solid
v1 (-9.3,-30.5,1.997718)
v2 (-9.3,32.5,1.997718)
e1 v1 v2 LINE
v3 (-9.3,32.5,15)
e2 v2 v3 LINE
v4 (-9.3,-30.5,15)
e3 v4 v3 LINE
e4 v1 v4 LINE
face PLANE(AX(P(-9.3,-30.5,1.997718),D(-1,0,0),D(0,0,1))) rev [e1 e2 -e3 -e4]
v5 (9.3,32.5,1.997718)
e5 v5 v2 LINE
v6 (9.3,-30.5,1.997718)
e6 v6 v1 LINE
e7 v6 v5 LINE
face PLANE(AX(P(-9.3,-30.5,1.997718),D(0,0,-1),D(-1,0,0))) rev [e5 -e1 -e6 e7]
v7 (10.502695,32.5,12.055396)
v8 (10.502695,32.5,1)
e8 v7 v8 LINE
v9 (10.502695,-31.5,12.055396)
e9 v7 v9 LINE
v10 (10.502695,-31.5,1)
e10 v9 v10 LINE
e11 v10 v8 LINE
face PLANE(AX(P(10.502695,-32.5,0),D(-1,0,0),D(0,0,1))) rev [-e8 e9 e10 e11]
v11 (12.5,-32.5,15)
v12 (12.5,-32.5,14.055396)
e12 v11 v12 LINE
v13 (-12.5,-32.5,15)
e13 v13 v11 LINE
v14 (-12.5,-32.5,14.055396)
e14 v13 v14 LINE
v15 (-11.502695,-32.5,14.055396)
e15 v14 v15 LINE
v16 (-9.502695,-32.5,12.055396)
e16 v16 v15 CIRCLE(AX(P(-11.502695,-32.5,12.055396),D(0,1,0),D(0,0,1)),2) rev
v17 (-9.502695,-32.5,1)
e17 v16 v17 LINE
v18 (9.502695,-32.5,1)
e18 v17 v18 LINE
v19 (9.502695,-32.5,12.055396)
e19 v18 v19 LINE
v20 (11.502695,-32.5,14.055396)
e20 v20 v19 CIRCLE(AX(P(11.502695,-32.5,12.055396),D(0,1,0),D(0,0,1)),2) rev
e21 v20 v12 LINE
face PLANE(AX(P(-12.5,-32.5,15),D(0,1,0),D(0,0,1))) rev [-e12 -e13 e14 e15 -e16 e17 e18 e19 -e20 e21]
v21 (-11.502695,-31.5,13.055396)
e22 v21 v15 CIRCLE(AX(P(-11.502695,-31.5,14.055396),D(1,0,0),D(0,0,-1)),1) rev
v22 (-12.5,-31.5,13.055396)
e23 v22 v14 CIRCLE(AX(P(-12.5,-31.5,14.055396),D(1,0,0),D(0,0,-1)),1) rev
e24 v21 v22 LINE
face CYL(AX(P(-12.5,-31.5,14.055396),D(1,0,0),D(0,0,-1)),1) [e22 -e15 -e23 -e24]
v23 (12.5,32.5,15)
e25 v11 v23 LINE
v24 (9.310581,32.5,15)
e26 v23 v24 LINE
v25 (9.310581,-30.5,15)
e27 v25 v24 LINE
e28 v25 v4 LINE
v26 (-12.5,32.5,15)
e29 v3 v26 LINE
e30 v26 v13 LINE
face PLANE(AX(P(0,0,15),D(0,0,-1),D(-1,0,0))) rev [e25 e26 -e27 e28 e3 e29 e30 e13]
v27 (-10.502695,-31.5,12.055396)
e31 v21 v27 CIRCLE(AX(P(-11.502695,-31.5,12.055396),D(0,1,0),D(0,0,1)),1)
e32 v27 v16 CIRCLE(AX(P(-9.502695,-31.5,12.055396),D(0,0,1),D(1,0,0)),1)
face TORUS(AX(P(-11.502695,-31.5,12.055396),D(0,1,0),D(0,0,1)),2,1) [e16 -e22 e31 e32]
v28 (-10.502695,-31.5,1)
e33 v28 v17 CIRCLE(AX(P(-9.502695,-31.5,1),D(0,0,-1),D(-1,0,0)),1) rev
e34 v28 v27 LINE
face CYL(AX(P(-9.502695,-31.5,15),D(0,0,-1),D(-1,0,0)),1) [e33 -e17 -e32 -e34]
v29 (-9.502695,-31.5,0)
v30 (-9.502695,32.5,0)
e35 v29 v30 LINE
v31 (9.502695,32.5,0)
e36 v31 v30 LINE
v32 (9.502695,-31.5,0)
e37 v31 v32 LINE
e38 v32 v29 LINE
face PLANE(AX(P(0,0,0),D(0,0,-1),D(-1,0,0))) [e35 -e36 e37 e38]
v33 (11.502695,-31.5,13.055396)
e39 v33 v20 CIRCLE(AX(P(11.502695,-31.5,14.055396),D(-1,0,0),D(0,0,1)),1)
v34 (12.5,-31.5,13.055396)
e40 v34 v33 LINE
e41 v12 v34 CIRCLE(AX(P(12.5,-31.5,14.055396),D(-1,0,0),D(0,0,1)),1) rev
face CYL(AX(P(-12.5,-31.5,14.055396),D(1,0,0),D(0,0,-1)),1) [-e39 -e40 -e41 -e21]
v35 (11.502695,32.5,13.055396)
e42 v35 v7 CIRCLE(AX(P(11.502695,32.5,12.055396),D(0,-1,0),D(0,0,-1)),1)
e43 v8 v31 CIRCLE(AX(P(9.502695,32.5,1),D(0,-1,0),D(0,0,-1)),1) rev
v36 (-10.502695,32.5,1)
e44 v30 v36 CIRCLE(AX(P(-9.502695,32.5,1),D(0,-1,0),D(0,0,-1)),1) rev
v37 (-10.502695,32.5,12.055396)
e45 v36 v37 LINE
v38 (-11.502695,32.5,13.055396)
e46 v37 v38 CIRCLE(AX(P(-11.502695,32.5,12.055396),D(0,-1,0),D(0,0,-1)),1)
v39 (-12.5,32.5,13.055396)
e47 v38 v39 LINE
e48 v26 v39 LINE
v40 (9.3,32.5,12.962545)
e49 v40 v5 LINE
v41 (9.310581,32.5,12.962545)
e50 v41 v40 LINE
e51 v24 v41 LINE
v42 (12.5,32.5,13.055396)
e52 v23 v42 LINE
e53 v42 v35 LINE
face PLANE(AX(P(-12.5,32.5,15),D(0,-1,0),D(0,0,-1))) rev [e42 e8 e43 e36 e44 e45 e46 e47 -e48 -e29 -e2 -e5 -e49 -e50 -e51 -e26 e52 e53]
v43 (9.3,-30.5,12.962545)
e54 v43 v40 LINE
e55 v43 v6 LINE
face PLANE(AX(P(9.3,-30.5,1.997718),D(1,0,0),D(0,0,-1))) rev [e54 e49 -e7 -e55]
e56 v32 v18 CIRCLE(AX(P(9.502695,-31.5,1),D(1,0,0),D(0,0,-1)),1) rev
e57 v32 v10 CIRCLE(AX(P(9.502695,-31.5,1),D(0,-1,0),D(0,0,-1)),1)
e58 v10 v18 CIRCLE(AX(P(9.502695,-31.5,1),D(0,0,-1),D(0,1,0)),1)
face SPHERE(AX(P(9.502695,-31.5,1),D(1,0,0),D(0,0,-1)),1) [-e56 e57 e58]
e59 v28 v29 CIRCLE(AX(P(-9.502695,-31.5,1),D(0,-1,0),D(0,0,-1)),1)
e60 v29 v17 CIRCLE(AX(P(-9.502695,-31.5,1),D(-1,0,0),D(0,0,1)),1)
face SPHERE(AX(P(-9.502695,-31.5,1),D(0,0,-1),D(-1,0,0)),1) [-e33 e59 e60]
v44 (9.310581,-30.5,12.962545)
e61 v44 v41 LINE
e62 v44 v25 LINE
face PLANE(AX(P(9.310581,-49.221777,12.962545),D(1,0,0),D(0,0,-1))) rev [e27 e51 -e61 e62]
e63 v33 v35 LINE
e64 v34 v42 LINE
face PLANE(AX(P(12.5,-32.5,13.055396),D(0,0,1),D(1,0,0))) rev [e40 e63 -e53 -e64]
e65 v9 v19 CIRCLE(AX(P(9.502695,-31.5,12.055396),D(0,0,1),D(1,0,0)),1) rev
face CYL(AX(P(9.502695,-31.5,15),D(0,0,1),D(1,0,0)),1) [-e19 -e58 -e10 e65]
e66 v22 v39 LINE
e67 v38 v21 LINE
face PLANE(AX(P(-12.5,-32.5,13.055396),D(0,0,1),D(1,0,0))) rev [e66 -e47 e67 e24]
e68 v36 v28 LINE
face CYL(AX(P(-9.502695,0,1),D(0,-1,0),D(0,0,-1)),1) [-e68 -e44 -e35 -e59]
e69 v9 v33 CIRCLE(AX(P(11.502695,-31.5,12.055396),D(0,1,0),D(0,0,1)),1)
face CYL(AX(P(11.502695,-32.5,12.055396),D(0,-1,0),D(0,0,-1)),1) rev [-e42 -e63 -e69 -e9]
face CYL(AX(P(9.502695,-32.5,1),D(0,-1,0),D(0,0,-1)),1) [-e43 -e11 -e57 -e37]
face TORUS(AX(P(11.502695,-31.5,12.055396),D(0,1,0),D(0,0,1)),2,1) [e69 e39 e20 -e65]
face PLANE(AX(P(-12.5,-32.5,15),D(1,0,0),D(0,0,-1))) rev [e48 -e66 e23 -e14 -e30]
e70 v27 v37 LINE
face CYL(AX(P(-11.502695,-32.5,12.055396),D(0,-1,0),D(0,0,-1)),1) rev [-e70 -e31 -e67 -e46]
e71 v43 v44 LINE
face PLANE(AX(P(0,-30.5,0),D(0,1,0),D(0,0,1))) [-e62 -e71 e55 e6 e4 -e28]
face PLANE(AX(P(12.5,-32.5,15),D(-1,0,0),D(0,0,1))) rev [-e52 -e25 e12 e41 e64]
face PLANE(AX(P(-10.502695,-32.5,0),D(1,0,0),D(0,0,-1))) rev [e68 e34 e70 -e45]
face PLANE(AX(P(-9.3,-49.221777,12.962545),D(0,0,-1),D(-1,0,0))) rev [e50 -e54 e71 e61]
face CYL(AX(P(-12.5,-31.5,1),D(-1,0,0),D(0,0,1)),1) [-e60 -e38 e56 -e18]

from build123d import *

# Parameters (mm, degrees)
ESQUISSE1_W                  = 25
ESQUISSE1_H                  = 65
BOSS_EXTRU_1_DEPTH           = 15
ENL_V_MAT_EXTRU_1_DEPTH      = 68.869359802
ENL_V_MAT_EXTRU_1_DEPTH_BACK = 68.869359802
ESQUISSE2_W                  = 1.99730465
ESQUISSE2_H                  = 13.055396478
ESQUISSE3_W                  = 18.6
ESQUISSE3_H                  = 10.964826829
ENL_V_MAT_EXTRU_2_DEPTH      = 63
ESQUISSE4_W                  = 18.610580781
ESQUISSE4_H                  = 2.037454763
ENL_V_MAT_EXTRU_3_DEPTH      = 63
CONG_1_R                     = 1


with BuildPart() as part:
    # Esquisse1 → Boss.-Extru.1 (new body)
    with BuildSketch(Plane.XY):
        Rectangle(ESQUISSE1_W, ESQUISSE1_H)
    extrude(amount=BOSS_EXTRU_1_DEPTH)

    # Esquisse2 → Enlèv. mat.-Extru.1 (cut, two sides: drawn at the far end of the back side and taken through both)
    with BuildSketch(Plane(origin=(0, 32.5, 0), x_dir=(1, 0, 0), z_dir=(0, 1, 0)).offset(-ENL_V_MAT_EXTRU_1_DEPTH_BACK)):
        with Locations((11.501347675, -6.527698239)):
            Rectangle(ESQUISSE2_W, ESQUISSE2_H)
        with Locations((-11.501347675, -6.527698239)):
            Rectangle(ESQUISSE2_W, ESQUISSE2_H)
    extrude(amount=ENL_V_MAT_EXTRU_1_DEPTH + ENL_V_MAT_EXTRU_1_DEPTH_BACK, mode=Mode.SUBTRACT)

    # Esquisse3 → Enlèv. mat.-Extru.2 (cut)
    with BuildSketch(Plane(origin=(0, 32.5, 0), x_dir=(1, 0, 0), z_dir=(0, 1, 0))):
        with Locations((0, -7.480131823)):
            Rectangle(ESQUISSE3_W, ESQUISSE3_H)
    extrude(amount=-ENL_V_MAT_EXTRU_2_DEPTH, mode=Mode.SUBTRACT)

    # Esquisse4 → Enlèv. mat.-Extru.3 (cut)
    with BuildSketch(Plane(origin=(0, 32.5, 0), x_dir=(1, 0, 0), z_dir=(0, 1, 0))):
        with Locations((0.00529039, -13.981272619)):
            Rectangle(ESQUISSE4_W, ESQUISSE4_H)
    extrude(amount=-ENL_V_MAT_EXTRU_3_DEPTH, mode=Mode.SUBTRACT)

    # Congé1
    cong_1_edges = [part.edges().sort_by_distance(p)[0] for p in [
        (0, -32.5, 0),
        (-10.50269535, 0, 13.055396478),
        (-11.501347675, -32.5, 13.055396478),
        (-10.50269535, 0, 0),
        (-10.50269535, -32.5, 6.527698239),
        (10.50269535, 0, 0),
        (11.501347675, -32.5, 13.055396478),
        (10.50269535, 0, 13.055396478),
        (10.50269535, -32.5, 6.527698239),
    ]]
    fillet(cong_1_edges, radius=CONG_1_R)


solid = part.part
